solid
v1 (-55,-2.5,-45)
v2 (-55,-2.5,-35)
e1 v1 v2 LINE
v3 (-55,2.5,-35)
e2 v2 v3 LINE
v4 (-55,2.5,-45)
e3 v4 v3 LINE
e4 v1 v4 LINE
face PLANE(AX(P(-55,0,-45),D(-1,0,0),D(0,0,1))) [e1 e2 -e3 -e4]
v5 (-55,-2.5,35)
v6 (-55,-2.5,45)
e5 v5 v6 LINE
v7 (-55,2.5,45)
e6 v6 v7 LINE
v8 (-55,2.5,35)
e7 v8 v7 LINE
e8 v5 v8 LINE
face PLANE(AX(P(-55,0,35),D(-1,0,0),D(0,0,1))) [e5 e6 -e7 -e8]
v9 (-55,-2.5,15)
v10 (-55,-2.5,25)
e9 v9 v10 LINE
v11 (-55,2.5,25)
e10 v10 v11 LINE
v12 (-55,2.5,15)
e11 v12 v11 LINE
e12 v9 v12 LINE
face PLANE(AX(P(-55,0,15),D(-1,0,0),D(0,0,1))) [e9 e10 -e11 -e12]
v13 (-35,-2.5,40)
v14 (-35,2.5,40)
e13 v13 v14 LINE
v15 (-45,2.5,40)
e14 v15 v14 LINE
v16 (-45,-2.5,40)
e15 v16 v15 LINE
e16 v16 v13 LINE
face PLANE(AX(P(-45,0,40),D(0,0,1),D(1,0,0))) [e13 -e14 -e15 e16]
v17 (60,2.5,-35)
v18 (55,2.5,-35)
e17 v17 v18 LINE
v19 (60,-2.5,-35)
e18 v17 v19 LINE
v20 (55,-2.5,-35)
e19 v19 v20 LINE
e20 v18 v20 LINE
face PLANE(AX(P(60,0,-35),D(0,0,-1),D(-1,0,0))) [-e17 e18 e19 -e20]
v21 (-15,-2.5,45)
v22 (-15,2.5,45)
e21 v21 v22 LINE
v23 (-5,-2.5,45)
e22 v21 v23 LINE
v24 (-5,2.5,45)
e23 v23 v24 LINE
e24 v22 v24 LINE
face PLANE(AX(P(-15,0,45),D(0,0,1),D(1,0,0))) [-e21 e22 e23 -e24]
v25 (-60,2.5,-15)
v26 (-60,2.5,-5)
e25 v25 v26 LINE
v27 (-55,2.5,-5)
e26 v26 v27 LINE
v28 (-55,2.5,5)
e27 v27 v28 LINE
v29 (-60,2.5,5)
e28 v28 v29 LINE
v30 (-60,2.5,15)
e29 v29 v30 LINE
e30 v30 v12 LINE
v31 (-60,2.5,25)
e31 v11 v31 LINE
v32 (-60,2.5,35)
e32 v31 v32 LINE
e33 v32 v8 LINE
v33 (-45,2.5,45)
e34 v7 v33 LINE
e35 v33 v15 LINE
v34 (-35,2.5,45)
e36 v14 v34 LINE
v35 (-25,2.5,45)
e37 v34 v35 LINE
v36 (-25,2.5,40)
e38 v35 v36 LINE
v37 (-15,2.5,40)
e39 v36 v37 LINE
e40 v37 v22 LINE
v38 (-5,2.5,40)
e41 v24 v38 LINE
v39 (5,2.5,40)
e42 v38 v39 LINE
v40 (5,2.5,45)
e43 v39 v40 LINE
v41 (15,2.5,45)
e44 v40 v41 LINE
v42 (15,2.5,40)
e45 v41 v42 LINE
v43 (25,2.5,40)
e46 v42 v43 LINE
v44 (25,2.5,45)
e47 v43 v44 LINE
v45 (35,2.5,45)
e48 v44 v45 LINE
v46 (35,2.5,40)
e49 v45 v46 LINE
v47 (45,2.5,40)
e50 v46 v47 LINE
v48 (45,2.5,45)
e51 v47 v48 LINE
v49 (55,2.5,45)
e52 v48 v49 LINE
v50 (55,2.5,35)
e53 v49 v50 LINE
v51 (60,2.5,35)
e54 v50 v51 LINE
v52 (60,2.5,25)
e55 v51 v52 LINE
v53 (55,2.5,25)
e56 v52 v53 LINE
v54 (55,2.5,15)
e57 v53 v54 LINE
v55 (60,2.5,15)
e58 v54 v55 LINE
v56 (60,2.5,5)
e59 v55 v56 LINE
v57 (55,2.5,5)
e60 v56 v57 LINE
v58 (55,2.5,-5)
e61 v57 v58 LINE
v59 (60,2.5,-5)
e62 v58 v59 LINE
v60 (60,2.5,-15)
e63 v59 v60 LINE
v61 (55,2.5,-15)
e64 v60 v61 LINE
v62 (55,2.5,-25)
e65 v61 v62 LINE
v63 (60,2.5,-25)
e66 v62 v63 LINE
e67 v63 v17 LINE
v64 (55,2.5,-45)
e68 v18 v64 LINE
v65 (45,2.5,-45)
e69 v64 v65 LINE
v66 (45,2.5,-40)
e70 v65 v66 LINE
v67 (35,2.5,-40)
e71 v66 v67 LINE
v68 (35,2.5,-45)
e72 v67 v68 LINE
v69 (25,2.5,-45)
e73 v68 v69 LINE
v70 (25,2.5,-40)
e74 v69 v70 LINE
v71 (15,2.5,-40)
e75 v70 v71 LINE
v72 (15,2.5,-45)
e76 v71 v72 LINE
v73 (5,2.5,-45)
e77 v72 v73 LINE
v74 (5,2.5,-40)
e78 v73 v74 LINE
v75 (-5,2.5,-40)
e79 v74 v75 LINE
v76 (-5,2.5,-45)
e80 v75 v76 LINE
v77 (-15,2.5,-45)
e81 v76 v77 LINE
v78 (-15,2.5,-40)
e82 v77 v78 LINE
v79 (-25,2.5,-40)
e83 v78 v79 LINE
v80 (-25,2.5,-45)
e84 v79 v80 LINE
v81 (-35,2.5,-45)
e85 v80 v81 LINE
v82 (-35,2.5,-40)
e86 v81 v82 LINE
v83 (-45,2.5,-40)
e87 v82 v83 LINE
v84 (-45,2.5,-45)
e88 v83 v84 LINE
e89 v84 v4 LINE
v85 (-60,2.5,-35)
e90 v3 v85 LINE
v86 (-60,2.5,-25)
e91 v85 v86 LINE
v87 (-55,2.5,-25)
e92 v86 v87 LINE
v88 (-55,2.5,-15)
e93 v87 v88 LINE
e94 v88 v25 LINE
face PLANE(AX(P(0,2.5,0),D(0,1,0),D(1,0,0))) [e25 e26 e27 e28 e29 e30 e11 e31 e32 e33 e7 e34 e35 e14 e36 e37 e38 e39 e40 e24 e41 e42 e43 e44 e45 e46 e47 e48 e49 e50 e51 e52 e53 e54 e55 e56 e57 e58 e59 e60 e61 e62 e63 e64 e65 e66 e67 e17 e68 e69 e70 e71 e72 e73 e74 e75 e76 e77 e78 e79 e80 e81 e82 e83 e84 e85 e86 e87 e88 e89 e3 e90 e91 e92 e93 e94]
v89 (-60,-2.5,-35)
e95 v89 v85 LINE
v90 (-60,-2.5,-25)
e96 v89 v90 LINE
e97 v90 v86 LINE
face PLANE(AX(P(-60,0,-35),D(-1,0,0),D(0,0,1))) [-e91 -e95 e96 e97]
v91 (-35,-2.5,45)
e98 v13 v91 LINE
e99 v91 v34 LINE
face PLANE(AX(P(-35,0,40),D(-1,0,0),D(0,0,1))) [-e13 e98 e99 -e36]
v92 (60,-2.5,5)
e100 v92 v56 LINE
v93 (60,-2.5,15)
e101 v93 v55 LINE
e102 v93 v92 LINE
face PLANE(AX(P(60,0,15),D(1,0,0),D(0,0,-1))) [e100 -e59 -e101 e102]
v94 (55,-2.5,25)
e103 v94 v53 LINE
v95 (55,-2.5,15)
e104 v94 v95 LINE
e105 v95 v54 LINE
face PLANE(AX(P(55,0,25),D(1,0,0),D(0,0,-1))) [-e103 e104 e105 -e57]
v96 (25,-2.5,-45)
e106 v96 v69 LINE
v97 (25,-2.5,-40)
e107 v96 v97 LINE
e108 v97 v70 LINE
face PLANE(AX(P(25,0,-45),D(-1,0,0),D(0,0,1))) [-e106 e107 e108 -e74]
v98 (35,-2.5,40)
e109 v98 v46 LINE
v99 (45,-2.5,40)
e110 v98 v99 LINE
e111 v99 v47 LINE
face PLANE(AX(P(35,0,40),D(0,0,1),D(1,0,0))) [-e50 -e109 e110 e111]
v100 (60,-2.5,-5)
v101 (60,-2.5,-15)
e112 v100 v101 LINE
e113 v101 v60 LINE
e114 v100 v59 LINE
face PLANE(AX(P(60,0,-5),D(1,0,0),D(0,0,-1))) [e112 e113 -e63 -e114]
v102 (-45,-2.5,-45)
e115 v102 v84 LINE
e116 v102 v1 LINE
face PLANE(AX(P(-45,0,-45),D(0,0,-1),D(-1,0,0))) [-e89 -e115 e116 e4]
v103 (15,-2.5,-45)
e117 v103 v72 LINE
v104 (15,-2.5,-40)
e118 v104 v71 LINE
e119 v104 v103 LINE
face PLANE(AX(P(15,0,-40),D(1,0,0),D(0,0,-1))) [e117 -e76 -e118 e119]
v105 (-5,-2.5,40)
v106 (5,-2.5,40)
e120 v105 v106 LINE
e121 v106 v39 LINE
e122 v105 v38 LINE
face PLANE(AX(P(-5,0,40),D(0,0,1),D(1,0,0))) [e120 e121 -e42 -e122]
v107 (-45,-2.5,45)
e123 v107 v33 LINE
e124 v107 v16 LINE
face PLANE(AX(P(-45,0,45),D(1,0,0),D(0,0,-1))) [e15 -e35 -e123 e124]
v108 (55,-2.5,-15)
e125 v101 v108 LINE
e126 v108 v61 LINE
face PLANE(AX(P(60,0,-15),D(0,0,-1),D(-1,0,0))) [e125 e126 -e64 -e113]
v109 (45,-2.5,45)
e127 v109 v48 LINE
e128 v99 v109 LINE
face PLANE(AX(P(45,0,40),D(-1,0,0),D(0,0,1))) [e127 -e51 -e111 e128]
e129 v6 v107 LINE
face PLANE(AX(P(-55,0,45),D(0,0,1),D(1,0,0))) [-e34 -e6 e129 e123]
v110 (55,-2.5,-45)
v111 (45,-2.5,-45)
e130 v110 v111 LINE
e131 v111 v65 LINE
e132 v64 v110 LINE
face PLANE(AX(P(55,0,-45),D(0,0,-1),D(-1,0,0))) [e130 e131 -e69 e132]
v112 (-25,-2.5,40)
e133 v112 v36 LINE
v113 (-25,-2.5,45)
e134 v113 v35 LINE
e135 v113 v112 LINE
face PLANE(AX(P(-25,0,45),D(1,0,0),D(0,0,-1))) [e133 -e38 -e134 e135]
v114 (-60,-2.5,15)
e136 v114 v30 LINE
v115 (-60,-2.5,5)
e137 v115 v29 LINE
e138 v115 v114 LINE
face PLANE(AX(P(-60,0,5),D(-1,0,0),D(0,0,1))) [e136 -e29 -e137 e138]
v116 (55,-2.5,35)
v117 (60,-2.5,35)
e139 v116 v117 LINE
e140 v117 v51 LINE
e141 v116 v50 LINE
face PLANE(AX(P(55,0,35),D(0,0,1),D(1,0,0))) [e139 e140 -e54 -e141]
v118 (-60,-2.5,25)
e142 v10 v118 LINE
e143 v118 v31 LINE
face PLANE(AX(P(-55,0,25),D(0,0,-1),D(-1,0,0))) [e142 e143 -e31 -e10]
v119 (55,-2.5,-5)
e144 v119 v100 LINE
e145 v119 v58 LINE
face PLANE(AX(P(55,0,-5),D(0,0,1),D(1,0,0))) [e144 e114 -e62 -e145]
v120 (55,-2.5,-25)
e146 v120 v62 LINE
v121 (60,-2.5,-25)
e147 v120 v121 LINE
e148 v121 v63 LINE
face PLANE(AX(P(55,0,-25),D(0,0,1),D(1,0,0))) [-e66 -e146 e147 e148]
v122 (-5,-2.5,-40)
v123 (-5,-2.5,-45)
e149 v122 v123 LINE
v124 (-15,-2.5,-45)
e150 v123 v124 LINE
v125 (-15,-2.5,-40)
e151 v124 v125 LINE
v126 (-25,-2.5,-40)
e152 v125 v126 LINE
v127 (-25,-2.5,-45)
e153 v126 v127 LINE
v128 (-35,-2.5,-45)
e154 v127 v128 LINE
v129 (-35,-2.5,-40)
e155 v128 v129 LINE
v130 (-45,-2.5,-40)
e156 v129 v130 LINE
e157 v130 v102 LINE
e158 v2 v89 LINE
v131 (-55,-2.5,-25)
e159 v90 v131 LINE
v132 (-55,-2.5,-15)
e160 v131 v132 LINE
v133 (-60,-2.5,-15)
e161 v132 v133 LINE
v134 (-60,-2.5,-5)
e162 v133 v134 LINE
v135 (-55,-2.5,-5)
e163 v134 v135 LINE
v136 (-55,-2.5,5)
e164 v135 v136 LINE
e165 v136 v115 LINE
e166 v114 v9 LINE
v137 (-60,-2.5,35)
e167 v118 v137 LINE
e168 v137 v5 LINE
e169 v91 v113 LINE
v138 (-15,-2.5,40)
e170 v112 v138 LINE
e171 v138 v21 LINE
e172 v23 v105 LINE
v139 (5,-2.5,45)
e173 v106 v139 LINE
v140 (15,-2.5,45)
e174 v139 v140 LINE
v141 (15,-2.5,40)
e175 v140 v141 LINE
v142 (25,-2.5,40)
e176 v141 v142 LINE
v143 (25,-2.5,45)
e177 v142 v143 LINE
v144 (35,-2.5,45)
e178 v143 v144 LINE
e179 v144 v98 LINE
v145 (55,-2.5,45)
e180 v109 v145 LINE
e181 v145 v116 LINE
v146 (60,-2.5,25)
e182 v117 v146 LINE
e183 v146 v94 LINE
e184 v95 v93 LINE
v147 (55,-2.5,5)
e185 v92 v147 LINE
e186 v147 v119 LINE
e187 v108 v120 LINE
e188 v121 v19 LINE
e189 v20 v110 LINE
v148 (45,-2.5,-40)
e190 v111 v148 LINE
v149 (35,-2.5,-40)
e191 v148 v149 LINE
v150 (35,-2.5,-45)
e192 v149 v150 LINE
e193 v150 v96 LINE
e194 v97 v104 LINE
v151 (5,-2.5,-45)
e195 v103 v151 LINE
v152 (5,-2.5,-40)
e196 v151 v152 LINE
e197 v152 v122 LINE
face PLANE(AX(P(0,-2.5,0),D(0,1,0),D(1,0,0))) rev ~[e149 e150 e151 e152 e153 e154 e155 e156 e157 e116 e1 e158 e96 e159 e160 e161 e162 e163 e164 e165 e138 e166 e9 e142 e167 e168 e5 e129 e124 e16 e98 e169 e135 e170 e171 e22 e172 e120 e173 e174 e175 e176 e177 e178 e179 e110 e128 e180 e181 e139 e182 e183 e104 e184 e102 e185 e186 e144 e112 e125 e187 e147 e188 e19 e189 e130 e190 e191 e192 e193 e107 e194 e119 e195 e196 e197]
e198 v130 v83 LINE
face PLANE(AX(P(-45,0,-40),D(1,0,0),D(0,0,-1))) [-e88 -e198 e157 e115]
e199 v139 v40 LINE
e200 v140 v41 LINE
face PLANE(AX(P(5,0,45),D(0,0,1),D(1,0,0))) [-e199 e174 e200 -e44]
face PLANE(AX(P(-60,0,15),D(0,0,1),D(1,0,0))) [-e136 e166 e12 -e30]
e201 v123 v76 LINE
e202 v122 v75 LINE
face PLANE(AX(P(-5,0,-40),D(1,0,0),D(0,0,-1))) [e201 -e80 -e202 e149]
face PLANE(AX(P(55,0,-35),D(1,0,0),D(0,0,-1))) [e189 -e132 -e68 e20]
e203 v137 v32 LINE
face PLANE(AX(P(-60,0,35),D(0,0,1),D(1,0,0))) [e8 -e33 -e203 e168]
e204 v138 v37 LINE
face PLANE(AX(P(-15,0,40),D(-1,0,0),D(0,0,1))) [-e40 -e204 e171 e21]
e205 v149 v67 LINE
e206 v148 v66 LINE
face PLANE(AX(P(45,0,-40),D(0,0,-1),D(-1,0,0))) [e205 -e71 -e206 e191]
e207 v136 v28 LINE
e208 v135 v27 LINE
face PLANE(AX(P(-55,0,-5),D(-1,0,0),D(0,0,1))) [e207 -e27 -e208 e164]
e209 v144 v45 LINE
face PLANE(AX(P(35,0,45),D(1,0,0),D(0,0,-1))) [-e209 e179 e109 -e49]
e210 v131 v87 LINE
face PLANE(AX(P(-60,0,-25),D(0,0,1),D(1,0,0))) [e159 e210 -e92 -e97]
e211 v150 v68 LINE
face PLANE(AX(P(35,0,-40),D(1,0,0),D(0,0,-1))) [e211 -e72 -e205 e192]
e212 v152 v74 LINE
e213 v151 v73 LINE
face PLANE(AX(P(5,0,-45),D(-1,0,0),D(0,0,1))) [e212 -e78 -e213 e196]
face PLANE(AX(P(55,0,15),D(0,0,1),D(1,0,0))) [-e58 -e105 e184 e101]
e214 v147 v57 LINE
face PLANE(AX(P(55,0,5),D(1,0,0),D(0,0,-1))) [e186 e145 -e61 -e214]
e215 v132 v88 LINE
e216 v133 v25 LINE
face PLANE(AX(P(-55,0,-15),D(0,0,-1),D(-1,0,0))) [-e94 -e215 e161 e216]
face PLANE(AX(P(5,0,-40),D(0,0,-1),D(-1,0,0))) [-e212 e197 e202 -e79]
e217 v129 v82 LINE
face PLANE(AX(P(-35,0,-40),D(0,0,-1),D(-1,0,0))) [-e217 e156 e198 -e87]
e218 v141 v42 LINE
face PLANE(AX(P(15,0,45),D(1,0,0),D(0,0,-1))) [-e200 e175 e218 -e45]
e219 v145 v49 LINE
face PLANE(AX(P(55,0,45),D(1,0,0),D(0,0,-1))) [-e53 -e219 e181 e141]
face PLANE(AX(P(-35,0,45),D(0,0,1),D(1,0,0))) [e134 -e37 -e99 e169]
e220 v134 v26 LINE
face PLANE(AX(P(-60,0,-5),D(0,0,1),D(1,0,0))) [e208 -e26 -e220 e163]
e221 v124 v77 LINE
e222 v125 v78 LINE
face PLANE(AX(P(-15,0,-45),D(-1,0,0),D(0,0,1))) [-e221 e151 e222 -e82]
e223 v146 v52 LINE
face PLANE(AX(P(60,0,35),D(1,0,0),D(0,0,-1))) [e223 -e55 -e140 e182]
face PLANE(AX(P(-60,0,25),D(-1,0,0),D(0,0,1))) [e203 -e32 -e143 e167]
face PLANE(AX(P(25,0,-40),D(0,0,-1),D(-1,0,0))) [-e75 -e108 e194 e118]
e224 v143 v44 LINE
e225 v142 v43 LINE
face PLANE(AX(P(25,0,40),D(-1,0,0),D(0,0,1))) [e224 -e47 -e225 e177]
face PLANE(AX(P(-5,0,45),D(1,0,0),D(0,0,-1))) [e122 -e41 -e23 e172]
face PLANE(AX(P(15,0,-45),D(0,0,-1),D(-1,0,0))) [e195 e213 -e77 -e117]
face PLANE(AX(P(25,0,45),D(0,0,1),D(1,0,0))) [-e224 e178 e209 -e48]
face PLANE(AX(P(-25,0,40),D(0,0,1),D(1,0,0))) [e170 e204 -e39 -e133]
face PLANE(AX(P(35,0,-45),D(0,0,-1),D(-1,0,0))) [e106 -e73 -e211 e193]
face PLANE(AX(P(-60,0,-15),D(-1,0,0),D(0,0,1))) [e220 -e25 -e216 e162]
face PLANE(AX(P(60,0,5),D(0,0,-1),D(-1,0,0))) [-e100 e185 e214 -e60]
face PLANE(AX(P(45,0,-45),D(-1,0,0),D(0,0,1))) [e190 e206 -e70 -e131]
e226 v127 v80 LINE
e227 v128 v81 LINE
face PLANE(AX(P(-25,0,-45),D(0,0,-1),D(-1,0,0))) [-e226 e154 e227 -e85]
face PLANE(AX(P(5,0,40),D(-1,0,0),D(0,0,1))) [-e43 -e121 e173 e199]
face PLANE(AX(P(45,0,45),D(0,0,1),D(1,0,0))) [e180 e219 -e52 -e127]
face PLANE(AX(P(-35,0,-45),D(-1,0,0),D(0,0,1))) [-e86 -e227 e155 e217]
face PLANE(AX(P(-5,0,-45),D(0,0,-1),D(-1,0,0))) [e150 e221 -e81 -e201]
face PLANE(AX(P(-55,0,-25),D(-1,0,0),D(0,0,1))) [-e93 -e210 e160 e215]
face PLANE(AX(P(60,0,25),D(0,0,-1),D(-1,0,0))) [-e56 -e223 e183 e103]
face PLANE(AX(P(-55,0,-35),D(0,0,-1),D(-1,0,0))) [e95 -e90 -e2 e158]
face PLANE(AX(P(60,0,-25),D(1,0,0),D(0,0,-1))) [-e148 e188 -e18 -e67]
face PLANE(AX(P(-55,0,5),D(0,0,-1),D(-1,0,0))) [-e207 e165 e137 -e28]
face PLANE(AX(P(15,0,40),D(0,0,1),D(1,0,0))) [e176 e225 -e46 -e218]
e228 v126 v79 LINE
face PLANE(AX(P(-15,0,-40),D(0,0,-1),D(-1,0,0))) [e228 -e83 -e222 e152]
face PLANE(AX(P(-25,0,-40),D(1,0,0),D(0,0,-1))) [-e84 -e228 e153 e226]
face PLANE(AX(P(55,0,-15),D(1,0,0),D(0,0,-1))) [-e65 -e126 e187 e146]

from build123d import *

# Parameters (mm, degrees)
BOSS_EXTRUDE1_DEPTH = 2.5


with BuildPart() as part:
    # Sketch1 → Boss-Extrude1 (new, symmetric)
    with BuildSketch(Plane(origin=(0, 0, 0), x_dir=(1, 0, 0), z_dir=(0, 1, 0))):
        Polygon((55, 45), (45, 45), (45, 40), (35, 40), (35, 45), (25, 45), (25, 40), (15, 40), (15, 45), (5, 45), (5, 40), (-5, 40), (-5, 45), (-15, 45), (-15, 40), (-25, 40), (-25, 45), (-35, 45), (-35, 40), (-45, 40), (-45, 45), (-55, 45), (-55, 40), (-55, 35), (-60, 35), (-60, 25), (-55, 25), (-55, 15), (-60, 15), (-60, 5), (-55, 5), (-55, -5), (-60, -5), (-60, -15), (-55, -15), (-55, -25), (-60, -25), (-60, -35), (-55, -35), (-55, -40), (-55, -45), (-45, -45), (-45, -40), (-35, -40), (-35, -45), (-25, -45), (-25, -40), (-15, -40), (-15, -45), (-5, -45), (-5, -40), (5, -40), (5, -45), (15, -45), (15, -40), (25, -40), (25, -45), (35, -45), (35, -40), (45, -40), (45, -45), (55, -45), (55, -40), (55, -35), (60, -35), (60, -25), (55, -25), (55, -15), (60, -15), (60, -5), (55, -5), (55, 5), (60, 5), (60, 15), (55, 15), (55, 25), (60, 25), (60, 35), (55, 35), (55, 40), align=None)
    extrude(amount=BOSS_EXTRUDE1_DEPTH, both=True)


solid = part.part
